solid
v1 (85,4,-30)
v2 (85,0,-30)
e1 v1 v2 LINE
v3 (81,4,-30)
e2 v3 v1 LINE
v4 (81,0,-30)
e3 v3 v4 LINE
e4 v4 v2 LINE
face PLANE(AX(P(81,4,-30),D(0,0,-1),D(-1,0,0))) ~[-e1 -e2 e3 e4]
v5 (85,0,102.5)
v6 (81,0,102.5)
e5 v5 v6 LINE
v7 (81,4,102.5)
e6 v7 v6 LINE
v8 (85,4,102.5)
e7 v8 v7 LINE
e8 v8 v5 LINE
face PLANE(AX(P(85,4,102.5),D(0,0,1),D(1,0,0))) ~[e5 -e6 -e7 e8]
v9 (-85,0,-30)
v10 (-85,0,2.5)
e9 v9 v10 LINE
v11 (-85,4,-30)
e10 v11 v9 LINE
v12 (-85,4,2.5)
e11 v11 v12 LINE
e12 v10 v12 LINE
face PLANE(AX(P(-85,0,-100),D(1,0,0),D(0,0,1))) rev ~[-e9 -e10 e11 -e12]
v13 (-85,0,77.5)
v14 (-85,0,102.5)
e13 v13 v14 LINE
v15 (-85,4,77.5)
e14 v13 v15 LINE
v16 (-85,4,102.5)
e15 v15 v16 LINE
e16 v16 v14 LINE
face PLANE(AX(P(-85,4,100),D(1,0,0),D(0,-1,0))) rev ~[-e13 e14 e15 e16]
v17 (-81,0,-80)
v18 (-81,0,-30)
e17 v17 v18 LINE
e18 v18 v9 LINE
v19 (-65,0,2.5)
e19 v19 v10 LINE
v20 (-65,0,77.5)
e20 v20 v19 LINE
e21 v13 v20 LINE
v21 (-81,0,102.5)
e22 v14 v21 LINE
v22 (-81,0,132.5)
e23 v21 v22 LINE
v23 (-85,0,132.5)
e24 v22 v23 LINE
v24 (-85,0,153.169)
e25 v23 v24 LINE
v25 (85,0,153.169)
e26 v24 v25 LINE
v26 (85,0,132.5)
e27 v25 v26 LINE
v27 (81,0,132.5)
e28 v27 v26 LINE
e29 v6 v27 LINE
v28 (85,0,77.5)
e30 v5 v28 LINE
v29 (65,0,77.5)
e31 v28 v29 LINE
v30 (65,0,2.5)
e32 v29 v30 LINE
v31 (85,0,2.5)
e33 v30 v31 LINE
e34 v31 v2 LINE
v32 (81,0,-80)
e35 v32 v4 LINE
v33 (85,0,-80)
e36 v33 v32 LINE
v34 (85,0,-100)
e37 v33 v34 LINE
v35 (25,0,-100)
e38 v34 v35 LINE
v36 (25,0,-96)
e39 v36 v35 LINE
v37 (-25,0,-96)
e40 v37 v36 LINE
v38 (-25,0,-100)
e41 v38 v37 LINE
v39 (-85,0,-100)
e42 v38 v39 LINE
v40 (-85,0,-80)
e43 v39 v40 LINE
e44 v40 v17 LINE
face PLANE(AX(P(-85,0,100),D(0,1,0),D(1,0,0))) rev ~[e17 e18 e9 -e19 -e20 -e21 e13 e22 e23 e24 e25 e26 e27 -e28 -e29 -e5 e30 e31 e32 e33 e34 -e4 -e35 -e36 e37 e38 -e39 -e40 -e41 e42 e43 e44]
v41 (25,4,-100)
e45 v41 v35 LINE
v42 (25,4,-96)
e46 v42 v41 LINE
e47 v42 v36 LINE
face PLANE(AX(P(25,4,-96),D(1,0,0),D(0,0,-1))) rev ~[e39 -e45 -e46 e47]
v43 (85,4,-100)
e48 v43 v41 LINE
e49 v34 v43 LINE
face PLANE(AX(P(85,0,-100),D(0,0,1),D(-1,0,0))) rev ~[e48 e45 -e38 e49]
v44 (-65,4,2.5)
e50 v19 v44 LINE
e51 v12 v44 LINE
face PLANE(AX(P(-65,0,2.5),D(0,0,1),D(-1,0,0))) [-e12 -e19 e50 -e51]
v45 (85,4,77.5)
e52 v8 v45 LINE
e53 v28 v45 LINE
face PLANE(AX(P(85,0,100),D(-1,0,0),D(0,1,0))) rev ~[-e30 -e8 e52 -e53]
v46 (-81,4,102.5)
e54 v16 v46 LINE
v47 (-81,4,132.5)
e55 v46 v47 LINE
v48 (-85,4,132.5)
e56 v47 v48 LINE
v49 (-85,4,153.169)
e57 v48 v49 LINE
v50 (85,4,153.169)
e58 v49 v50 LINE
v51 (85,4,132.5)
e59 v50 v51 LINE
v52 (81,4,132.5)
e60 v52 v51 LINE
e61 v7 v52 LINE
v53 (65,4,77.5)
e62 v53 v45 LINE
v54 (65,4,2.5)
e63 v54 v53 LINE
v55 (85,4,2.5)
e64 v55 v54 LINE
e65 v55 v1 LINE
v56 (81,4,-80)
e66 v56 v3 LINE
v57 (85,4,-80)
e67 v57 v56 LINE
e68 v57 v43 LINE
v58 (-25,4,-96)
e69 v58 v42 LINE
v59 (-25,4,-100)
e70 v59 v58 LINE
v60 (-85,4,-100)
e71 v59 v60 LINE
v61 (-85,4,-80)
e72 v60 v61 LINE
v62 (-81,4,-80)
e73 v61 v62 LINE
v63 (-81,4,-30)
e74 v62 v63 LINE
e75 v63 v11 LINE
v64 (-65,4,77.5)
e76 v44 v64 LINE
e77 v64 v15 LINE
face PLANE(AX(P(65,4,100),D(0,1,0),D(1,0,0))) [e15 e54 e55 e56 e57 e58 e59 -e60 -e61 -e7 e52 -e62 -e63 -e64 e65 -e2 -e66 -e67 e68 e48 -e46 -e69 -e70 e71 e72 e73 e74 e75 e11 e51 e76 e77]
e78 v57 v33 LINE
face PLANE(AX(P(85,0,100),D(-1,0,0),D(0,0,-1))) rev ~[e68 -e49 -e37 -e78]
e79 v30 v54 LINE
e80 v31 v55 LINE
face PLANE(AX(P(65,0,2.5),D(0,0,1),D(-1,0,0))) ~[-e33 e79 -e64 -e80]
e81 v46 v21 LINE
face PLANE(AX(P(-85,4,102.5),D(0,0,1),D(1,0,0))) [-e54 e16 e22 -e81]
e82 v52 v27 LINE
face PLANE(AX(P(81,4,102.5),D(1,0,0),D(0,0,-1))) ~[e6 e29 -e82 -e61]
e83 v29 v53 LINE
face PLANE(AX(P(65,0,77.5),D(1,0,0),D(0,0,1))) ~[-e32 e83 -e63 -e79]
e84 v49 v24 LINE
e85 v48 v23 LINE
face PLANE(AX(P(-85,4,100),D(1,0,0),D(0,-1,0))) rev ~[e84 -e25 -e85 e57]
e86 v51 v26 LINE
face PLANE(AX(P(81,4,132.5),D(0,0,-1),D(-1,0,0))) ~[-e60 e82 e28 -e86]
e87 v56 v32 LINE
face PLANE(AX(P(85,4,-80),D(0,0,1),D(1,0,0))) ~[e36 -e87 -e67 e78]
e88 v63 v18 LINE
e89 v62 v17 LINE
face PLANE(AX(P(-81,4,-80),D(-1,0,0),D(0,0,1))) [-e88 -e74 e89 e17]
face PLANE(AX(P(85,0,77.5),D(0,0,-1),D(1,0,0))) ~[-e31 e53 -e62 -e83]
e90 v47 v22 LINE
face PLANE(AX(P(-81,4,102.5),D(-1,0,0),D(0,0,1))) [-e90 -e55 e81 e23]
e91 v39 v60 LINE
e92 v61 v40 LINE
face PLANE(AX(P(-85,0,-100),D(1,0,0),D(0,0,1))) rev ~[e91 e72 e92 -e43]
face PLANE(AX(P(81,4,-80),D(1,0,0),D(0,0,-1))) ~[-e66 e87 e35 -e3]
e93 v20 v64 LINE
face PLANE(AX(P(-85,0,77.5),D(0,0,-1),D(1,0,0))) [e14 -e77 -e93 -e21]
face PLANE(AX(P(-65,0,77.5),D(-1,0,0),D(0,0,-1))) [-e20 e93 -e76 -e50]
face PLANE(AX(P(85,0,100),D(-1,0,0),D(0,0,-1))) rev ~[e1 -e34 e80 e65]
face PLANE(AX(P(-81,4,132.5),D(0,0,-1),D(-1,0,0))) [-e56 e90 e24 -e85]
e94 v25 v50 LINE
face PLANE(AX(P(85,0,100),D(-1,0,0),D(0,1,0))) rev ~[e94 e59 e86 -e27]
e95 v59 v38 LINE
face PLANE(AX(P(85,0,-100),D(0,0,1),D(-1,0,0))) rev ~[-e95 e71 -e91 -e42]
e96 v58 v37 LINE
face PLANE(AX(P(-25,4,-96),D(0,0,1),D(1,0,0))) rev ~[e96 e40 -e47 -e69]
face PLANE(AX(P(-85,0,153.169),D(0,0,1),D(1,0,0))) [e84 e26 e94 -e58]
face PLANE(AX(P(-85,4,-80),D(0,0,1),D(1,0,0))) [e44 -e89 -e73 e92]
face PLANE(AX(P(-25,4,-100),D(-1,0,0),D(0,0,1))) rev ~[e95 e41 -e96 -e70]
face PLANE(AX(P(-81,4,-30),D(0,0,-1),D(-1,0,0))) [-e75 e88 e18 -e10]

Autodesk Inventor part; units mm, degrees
ref_plane "YZ Plane" through (0, 0, 0) normal (1, 0, 0) x (0, 1, 0)
ref_plane "XZ Plane" through (0, 0, 0) normal (0, 1, 0) x (-1, 0, 0)
ref_plane "XY Plane" through (0, 0, 0) normal (0, 0, 1) x (1, 0, 0)
sketch "Sketch1" plane through (0, 0, 0) normal (0, 1, 0) x (-1, 0, 0)
  line L0 (85, 100) -> (-85, 100)
  line L1 (-85, 100) -> (-85, -100)
  line L2 (-85, -100) -> (85, -100)
  line L3 (85, -100) -> (85, 100)
  point P0 (0, 0)
  point P1 (0, -100)
  dimension "d0" = 200
  dimension "d1" = 170
  dimension "d15" = 100
  dimension "d16" = 0
extrude "Extrusion1" add sketch "Sketch1" along normal blind 4
sketch "Sketch2" plane through (85, 0, -100) normal (0, 0, -1) x (-1, 0, 0)
  line L0 (0, 4) -> (169.1447, 65.5636)
  line L1 (0, 4) -> (-1.7101, 8.6985)
  line L2 (-1.7101, 8.6985) -> (167.4346, 70.2621)
  line L3 (167.4346, 70.2621) -> (169.1447, 65.5636)
  line L4 (0, 4) -> (-10.9899, 0)
  line L5 (0, 0) -> (170, 0) projected
  line L6 (-10.9899, 0) -> (-12.7, 4.6985)
  line L7 (-12.7, 4.6985) -> (-1.7101, 8.6985)
  point P0 (85, 0)
  dimension "d4" = 180
  dimension "d5" = 5
  dimension "d6" = 20
  dimension "d7" = 20
extrude "Extrusion2" [suppressed]
sketch "Sketch3" plane through (0, 0, 0) normal (0, -1, 0) x (1, 0, 0)
  line L0 (-85, -100) -> (-85, 100) projected
  line L1 (-85, 77.5) -> (-65, 77.5)
  line L2 (-65, 77.5) -> (-65, 2.5)
  line L3 (-65, 2.5) -> (-85, 2.5)
  line L4 (-85, 2.5) -> (-85, 77.5)
  point P0 (0, 0)
  point P1 (-65, 40)
  dimension "d10" = 20
  dimension "d11" = 75
  dimension "d12" = 40
extrude "Extrusion3" cut sketch "Sketch3" against normal through all
mirror "Mirror1" about plane through (0, 0, 0) normal (1, 0, 0) of "Extrusion3"
sketch "Sketch4" plane through (0, 4, 0) normal (0, 1, 0) x (1, 0, 0)
  line L0 (25, 100) -> (-25, 100)
  line L1 (-25, 100) -> (-25, 96)
  line L2 (-25, 96) -> (25, 96)
  line L3 (25, 96) -> (25, 100)
  point P0 (0, 0)
  point P1 (0, 96)
  dimension "d17" = 4
  dimension "d18" = 96
  dimension "d19" = 50
extrude "Extrusion4" cut sketch "Sketch4" against normal through all
sketch "Sketch5" plane through (0, 4, 0) normal (0, 1, 0) x (1, 0, 0)
  line L0 (-85, 100) -> (-85, -2.5) projected
  line L1 (-85, 80) -> (-81, 80)
  line L2 (-81, 80) -> (-81, 30)
  line L3 (-81, 30) -> (-85, 30)
  line L4 (-85, 30) -> (-85, 80)
  line L5 (-85, -100) -> (85, -100) projected
  point P0 (0, 0)
  dimension "d22" = 50
  dimension "d23" = 4
  dimension "d24" = 20
extrude "Extrusion5" cut sketch "Sketch5" against normal through all
mirror "Mirror2" about plane through (0, 0, 0) normal (1, 0, 0) of "Extrusion5"
sketch "Sketch6" plane through (-85, 0, 100) normal (0, 0, 1) x (1, 0, 0)
  line L0 (150, 4) -> (170, 4) projected
  line L1 (0, 0) -> (170, 0)
  line L2 (170, 0) -> (170, 4)
  line L3 (170, 4) -> (0, 4)
  line L4 (0, 4) -> (0, 0)
  point P0 (85, 0)
extrude "Extrusion6" add sketch "Sketch6" along normal blind 53.169
sketch "Sketch7" plane through (0, 4, 0) normal (0, 1, 0) x (1, 0, 0)
  line L0 (-85, -77.5) -> (-85, -153.169) projected
  line L1 (-85, -102.5) -> (-81, -102.5)
  line L2 (-81, -102.5) -> (-81, -132.5)
  line L3 (-81, -132.5) -> (-85, -132.5)
  line L4 (-85, -132.5) -> (-85, -102.5)
  line L5 (-65, -77.5) -> (-85, -77.5) projected
  point P0 (0, 0)
  point P1 (-83, -102.5)
  dimension "d32" = 30
  dimension "d33" = 4
  dimension "d34" = 25
extrude "Extrusion7" cut sketch "Sketch7" against normal blind 10
mirror "Mirror3" about plane through (0, 0, 0) normal (1, 0, 0) of "Extrusion7"
properties part number "Parte inf"
